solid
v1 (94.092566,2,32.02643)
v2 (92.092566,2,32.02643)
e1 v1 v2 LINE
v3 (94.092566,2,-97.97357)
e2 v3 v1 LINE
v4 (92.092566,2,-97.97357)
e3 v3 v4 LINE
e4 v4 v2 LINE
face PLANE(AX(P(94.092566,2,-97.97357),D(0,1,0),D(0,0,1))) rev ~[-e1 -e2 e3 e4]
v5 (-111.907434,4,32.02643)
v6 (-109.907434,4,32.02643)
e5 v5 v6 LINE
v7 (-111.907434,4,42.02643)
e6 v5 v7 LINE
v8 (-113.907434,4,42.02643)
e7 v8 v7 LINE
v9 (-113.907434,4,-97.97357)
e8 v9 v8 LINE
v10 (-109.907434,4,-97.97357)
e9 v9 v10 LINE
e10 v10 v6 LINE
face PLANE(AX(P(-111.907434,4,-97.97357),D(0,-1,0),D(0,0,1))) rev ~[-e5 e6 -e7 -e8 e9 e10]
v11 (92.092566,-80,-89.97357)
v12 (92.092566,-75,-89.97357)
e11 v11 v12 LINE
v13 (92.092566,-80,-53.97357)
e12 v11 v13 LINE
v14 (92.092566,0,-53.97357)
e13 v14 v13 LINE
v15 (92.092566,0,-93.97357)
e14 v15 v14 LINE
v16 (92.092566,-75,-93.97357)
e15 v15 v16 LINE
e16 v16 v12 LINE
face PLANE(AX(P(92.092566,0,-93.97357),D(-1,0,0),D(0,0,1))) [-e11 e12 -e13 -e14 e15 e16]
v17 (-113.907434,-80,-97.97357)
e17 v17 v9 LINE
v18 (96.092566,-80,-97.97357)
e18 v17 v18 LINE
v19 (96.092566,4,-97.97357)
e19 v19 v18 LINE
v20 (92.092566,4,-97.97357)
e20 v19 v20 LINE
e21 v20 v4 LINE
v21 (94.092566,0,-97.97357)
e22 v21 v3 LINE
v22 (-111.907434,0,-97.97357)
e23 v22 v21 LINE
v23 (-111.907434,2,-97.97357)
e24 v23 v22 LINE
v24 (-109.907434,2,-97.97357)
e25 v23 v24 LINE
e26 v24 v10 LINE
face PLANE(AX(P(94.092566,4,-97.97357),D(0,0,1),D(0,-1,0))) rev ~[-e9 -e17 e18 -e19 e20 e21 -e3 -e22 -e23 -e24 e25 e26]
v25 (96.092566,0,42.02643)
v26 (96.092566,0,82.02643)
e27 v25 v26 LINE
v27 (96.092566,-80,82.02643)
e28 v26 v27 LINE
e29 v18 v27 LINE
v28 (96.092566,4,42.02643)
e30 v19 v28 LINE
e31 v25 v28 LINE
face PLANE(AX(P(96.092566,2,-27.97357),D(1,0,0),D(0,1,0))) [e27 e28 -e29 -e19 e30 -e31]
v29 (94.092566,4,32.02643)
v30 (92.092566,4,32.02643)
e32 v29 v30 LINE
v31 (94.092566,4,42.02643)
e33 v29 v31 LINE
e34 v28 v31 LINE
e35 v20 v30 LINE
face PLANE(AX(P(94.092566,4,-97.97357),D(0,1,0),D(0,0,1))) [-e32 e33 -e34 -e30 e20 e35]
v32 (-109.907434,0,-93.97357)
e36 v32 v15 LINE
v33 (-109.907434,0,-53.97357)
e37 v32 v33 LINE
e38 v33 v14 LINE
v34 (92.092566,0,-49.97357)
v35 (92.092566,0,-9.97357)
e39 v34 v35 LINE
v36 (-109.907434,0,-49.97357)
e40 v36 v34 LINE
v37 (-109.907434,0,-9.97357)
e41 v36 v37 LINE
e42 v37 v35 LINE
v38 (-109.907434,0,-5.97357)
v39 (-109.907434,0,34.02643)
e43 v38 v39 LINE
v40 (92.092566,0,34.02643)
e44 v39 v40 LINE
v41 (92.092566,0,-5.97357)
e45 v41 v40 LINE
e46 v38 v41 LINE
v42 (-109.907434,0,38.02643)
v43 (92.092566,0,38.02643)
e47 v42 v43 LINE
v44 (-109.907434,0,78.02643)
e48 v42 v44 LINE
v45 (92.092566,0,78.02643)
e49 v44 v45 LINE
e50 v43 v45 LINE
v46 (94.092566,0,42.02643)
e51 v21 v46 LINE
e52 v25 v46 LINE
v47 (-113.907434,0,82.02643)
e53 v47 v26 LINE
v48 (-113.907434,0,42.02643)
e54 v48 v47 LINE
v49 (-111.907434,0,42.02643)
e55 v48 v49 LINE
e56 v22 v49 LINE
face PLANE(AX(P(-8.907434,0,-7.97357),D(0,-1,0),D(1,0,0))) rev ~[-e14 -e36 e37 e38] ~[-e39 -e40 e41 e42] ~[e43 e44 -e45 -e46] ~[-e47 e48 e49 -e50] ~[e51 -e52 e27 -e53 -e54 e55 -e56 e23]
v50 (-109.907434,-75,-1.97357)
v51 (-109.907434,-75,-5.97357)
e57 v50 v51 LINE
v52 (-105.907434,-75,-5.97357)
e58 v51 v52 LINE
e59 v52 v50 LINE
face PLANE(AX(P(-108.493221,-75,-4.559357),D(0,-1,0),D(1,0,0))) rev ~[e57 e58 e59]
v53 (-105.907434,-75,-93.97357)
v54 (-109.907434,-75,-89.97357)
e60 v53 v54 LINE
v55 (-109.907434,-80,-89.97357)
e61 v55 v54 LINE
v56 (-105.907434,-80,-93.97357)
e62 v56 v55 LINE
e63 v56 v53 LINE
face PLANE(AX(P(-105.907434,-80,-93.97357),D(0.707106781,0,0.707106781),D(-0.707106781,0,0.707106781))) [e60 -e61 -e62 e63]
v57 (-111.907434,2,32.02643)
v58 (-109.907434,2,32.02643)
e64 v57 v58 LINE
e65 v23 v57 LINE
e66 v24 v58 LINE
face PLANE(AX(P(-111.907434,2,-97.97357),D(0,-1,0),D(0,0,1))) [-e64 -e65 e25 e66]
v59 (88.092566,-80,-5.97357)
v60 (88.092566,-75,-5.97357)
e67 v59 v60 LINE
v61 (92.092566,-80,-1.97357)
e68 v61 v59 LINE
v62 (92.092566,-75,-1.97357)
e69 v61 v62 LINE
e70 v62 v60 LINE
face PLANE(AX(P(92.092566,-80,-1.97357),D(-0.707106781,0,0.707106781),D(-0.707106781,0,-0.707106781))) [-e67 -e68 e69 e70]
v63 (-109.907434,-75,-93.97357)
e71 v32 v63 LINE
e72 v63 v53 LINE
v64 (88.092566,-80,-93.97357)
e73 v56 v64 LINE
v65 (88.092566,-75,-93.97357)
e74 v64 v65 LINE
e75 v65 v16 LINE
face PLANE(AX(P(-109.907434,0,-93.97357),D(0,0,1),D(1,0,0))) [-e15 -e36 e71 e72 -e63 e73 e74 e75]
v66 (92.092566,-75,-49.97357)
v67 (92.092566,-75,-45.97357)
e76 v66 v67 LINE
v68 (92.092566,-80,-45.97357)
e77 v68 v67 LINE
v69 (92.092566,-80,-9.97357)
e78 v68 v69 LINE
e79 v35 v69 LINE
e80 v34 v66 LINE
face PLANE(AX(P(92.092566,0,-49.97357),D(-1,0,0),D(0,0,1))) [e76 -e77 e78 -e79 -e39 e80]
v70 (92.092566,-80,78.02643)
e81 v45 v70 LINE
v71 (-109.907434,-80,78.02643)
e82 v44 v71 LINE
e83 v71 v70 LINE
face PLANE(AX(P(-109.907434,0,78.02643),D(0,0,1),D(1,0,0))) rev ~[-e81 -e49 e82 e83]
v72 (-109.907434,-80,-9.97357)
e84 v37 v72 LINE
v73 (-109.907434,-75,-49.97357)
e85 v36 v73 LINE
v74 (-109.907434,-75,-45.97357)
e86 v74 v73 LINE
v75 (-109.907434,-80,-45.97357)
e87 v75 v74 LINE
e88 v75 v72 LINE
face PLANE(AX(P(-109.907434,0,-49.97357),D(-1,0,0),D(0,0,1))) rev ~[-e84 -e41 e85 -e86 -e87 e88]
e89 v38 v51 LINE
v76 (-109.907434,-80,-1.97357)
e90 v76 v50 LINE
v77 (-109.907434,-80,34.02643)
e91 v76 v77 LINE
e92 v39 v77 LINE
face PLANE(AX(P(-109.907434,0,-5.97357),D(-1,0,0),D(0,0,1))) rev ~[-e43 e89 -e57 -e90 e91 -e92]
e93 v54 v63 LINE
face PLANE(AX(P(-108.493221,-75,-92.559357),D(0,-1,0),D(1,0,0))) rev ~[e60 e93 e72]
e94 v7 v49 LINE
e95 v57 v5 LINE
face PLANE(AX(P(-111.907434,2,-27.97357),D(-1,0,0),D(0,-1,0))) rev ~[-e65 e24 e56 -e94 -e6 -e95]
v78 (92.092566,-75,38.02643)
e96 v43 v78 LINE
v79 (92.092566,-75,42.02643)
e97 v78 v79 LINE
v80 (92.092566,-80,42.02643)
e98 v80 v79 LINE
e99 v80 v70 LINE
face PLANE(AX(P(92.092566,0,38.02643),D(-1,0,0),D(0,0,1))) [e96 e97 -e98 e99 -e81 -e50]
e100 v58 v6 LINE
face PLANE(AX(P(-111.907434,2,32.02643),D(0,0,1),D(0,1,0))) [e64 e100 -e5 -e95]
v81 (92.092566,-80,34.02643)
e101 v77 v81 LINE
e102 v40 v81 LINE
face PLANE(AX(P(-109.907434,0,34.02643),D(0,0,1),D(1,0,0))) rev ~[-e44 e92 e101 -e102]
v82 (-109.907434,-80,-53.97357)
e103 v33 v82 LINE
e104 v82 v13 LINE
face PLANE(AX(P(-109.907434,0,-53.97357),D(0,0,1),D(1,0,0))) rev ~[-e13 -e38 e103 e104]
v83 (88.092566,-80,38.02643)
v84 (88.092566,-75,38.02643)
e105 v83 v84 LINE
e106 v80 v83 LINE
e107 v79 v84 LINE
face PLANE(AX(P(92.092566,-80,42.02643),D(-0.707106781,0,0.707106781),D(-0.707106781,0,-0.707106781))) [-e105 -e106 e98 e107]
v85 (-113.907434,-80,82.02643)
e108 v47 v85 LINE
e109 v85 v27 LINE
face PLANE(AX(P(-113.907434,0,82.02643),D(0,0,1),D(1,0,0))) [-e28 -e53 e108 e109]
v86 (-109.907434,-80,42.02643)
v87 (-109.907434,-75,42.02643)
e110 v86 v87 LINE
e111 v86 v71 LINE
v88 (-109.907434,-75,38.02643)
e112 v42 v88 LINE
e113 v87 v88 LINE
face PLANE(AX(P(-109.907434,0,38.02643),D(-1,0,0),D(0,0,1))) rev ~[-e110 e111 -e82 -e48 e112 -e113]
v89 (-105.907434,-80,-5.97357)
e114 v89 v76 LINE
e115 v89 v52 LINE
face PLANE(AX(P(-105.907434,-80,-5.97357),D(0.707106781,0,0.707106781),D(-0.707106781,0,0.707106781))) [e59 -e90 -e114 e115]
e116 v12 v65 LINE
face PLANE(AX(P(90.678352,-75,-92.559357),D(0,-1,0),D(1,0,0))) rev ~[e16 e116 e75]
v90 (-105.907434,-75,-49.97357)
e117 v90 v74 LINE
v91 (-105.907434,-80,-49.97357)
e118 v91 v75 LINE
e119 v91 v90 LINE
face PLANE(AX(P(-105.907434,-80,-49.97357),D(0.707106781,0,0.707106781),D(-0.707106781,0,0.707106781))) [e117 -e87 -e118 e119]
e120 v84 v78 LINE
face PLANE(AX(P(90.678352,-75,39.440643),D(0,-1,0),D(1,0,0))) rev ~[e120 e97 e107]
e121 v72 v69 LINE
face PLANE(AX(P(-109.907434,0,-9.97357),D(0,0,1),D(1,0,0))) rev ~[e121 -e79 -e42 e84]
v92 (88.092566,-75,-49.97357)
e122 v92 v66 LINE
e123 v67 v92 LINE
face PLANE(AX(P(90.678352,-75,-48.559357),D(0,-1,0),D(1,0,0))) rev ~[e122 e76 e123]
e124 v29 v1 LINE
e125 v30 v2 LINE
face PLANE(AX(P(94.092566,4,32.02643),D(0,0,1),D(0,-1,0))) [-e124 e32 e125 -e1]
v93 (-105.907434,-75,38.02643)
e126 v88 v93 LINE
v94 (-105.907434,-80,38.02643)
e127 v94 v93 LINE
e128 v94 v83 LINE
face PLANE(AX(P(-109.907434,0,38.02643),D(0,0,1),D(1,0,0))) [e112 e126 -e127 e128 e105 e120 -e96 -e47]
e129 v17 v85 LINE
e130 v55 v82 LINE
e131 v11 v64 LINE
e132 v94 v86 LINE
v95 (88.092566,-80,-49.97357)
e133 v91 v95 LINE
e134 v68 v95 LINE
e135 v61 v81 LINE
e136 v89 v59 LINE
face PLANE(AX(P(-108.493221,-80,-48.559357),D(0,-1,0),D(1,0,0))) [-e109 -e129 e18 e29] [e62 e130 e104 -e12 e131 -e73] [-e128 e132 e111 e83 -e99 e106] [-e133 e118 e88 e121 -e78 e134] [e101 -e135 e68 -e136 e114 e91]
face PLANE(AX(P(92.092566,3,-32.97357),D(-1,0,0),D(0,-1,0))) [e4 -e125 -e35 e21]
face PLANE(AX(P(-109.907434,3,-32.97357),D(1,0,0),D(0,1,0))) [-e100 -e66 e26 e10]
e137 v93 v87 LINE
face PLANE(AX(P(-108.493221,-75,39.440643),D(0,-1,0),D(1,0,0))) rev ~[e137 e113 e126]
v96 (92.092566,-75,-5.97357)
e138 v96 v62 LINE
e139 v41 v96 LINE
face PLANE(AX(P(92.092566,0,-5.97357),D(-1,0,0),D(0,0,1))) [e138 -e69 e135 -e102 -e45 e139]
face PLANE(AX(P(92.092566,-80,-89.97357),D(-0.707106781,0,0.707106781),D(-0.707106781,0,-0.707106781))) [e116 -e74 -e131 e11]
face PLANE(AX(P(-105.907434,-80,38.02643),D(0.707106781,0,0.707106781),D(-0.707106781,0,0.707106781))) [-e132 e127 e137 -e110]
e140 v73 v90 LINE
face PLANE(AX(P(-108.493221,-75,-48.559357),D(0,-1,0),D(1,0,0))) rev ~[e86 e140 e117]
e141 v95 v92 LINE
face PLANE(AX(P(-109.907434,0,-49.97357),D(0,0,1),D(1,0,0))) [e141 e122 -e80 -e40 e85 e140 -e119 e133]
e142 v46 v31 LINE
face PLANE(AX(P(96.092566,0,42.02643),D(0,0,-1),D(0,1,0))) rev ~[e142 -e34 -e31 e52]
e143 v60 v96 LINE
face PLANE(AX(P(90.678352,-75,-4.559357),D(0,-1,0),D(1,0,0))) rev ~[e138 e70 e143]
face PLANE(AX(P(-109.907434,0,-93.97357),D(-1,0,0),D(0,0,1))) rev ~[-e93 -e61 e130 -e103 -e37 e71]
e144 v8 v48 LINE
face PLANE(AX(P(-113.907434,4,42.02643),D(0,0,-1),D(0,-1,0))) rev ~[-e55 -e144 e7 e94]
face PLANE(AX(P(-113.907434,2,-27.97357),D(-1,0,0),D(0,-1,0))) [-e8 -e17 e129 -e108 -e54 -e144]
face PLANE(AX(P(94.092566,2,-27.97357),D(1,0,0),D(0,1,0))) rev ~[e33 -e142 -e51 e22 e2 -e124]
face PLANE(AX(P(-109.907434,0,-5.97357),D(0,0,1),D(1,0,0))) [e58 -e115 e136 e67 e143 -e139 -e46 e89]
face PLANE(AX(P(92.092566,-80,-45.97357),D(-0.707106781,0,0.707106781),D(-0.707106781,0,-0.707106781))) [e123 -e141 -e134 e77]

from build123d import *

# Parameters (mm, degrees)
F0_W      = 210
F0_H      = 180
F0_W_2    = 202
F0_H_2    = 40
F1_DEPTH  = 80
F2_W      = 4
F2_H      = 140
F3_DEPTH  = 2
F4_W      = 4
F4_H      = 140
F5_DEPTH  = 2
F6_W      = 2
F6_H      = 130
F7_DEPTH  = 2
F8_W      = 2
F8_H      = 130
F9_DEPTH  = 2
F11_DEPTH = 5


with BuildPart() as f1:
    # F0 (on Front) → F1 (new body)
    with BuildSketch(Plane.XZ):
        with Locations((-8.9074341967, -7.9735703766)):
            Rectangle(F0_W, F0_H)
        with Locations((-8.9074341967, -73.9735703766)):
            Rectangle(F0_W_2, F0_H_2, mode=Mode.SUBTRACT)
        with Locations((-8.9074341967, -29.9735703766)):
            Rectangle(F0_W_2, F0_H_2, mode=Mode.SUBTRACT)
        with Locations((-8.9074341967, 14.0264296234)):
            Rectangle(F0_W_2, F0_H_2, mode=Mode.SUBTRACT)
        with Locations((-8.9074341967, 58.0264296234)):
            Rectangle(F0_W_2, F0_H_2, mode=Mode.SUBTRACT)
    extrude(amount=F1_DEPTH)

    # F2 (on face) → F3 (join)
    with BuildSketch(Plane.YZ.offset(96.0925658033)):
        with Locations((2, -27.9735703766)):
            Rectangle(F2_W, F2_H)
    extrude(amount=-F3_DEPTH)

    # F4 (on face) → F5 (join)
    with BuildSketch(Plane(origin=(-113.9074341967, 0, 0), x_dir=(0, -1, 0), z_dir=(-1, 0, 0))):
        with Locations((-2, -27.9735703766)):
            Rectangle(F4_W, F4_H)
    extrude(amount=-F5_DEPTH)

    # F6 (on face) → F7 (join)
    with BuildSketch(Plane.YZ.offset(-111.9074341967)):
        with Locations((3, -32.9735703766)):
            Rectangle(F6_W, F6_H)
    extrude(amount=F7_DEPTH)

    # F8 (on face) → F9 (join)
    with BuildSketch(Plane(origin=(94.0925658033, 0, 0), x_dir=(0, -1, 0), z_dir=(-1, 0, 0))):
        with Locations((-3, -32.9735703766)):
            Rectangle(F8_W, F8_H)
    extrude(amount=F9_DEPTH)

    # F10 (on face) → F11 (join)
    with BuildSketch(Plane.XZ.offset(80)):
        Polygon((-109.9074341967, -45.9735703766), (-109.9074341967, -49.9735703766), (-105.9074341967, -49.9735703766), align=None)
        Polygon((-109.9074341967, -89.9735703766), (-109.9074341967, -93.9735703766), (-105.9074341967, -93.9735703766), align=None)
        Polygon((92.0925658033, -89.9735703766), (88.0925658033, -93.9735703766), (92.0925658033, -93.9735703766), align=None)
        Polygon((92.0925658033, -45.9735703766), (88.0925658033, -49.9735703766), (92.0925658033, -49.9735703766), align=None)
        Polygon((-109.9074341967, -1.9735703766), (-109.9074341967, -5.9735703766), (-105.9074341967, -5.9735703766), align=None)
        Polygon((92.0925658033, -1.9735703766), (88.0925658033, -5.9735703766), (92.0925658033, -5.9735703766), align=None)
        Polygon((92.0925658033, 42.0264296234), (88.0925658033, 38.0264296234), (92.0925658033, 38.0264296234), align=None)
        Polygon((-109.9074341967, 42.0264296234), (-109.9074341967, 38.0264296234), (-105.9074341967, 38.0264296234), align=None)
    extrude(amount=-F11_DEPTH)


solid = f1.part
